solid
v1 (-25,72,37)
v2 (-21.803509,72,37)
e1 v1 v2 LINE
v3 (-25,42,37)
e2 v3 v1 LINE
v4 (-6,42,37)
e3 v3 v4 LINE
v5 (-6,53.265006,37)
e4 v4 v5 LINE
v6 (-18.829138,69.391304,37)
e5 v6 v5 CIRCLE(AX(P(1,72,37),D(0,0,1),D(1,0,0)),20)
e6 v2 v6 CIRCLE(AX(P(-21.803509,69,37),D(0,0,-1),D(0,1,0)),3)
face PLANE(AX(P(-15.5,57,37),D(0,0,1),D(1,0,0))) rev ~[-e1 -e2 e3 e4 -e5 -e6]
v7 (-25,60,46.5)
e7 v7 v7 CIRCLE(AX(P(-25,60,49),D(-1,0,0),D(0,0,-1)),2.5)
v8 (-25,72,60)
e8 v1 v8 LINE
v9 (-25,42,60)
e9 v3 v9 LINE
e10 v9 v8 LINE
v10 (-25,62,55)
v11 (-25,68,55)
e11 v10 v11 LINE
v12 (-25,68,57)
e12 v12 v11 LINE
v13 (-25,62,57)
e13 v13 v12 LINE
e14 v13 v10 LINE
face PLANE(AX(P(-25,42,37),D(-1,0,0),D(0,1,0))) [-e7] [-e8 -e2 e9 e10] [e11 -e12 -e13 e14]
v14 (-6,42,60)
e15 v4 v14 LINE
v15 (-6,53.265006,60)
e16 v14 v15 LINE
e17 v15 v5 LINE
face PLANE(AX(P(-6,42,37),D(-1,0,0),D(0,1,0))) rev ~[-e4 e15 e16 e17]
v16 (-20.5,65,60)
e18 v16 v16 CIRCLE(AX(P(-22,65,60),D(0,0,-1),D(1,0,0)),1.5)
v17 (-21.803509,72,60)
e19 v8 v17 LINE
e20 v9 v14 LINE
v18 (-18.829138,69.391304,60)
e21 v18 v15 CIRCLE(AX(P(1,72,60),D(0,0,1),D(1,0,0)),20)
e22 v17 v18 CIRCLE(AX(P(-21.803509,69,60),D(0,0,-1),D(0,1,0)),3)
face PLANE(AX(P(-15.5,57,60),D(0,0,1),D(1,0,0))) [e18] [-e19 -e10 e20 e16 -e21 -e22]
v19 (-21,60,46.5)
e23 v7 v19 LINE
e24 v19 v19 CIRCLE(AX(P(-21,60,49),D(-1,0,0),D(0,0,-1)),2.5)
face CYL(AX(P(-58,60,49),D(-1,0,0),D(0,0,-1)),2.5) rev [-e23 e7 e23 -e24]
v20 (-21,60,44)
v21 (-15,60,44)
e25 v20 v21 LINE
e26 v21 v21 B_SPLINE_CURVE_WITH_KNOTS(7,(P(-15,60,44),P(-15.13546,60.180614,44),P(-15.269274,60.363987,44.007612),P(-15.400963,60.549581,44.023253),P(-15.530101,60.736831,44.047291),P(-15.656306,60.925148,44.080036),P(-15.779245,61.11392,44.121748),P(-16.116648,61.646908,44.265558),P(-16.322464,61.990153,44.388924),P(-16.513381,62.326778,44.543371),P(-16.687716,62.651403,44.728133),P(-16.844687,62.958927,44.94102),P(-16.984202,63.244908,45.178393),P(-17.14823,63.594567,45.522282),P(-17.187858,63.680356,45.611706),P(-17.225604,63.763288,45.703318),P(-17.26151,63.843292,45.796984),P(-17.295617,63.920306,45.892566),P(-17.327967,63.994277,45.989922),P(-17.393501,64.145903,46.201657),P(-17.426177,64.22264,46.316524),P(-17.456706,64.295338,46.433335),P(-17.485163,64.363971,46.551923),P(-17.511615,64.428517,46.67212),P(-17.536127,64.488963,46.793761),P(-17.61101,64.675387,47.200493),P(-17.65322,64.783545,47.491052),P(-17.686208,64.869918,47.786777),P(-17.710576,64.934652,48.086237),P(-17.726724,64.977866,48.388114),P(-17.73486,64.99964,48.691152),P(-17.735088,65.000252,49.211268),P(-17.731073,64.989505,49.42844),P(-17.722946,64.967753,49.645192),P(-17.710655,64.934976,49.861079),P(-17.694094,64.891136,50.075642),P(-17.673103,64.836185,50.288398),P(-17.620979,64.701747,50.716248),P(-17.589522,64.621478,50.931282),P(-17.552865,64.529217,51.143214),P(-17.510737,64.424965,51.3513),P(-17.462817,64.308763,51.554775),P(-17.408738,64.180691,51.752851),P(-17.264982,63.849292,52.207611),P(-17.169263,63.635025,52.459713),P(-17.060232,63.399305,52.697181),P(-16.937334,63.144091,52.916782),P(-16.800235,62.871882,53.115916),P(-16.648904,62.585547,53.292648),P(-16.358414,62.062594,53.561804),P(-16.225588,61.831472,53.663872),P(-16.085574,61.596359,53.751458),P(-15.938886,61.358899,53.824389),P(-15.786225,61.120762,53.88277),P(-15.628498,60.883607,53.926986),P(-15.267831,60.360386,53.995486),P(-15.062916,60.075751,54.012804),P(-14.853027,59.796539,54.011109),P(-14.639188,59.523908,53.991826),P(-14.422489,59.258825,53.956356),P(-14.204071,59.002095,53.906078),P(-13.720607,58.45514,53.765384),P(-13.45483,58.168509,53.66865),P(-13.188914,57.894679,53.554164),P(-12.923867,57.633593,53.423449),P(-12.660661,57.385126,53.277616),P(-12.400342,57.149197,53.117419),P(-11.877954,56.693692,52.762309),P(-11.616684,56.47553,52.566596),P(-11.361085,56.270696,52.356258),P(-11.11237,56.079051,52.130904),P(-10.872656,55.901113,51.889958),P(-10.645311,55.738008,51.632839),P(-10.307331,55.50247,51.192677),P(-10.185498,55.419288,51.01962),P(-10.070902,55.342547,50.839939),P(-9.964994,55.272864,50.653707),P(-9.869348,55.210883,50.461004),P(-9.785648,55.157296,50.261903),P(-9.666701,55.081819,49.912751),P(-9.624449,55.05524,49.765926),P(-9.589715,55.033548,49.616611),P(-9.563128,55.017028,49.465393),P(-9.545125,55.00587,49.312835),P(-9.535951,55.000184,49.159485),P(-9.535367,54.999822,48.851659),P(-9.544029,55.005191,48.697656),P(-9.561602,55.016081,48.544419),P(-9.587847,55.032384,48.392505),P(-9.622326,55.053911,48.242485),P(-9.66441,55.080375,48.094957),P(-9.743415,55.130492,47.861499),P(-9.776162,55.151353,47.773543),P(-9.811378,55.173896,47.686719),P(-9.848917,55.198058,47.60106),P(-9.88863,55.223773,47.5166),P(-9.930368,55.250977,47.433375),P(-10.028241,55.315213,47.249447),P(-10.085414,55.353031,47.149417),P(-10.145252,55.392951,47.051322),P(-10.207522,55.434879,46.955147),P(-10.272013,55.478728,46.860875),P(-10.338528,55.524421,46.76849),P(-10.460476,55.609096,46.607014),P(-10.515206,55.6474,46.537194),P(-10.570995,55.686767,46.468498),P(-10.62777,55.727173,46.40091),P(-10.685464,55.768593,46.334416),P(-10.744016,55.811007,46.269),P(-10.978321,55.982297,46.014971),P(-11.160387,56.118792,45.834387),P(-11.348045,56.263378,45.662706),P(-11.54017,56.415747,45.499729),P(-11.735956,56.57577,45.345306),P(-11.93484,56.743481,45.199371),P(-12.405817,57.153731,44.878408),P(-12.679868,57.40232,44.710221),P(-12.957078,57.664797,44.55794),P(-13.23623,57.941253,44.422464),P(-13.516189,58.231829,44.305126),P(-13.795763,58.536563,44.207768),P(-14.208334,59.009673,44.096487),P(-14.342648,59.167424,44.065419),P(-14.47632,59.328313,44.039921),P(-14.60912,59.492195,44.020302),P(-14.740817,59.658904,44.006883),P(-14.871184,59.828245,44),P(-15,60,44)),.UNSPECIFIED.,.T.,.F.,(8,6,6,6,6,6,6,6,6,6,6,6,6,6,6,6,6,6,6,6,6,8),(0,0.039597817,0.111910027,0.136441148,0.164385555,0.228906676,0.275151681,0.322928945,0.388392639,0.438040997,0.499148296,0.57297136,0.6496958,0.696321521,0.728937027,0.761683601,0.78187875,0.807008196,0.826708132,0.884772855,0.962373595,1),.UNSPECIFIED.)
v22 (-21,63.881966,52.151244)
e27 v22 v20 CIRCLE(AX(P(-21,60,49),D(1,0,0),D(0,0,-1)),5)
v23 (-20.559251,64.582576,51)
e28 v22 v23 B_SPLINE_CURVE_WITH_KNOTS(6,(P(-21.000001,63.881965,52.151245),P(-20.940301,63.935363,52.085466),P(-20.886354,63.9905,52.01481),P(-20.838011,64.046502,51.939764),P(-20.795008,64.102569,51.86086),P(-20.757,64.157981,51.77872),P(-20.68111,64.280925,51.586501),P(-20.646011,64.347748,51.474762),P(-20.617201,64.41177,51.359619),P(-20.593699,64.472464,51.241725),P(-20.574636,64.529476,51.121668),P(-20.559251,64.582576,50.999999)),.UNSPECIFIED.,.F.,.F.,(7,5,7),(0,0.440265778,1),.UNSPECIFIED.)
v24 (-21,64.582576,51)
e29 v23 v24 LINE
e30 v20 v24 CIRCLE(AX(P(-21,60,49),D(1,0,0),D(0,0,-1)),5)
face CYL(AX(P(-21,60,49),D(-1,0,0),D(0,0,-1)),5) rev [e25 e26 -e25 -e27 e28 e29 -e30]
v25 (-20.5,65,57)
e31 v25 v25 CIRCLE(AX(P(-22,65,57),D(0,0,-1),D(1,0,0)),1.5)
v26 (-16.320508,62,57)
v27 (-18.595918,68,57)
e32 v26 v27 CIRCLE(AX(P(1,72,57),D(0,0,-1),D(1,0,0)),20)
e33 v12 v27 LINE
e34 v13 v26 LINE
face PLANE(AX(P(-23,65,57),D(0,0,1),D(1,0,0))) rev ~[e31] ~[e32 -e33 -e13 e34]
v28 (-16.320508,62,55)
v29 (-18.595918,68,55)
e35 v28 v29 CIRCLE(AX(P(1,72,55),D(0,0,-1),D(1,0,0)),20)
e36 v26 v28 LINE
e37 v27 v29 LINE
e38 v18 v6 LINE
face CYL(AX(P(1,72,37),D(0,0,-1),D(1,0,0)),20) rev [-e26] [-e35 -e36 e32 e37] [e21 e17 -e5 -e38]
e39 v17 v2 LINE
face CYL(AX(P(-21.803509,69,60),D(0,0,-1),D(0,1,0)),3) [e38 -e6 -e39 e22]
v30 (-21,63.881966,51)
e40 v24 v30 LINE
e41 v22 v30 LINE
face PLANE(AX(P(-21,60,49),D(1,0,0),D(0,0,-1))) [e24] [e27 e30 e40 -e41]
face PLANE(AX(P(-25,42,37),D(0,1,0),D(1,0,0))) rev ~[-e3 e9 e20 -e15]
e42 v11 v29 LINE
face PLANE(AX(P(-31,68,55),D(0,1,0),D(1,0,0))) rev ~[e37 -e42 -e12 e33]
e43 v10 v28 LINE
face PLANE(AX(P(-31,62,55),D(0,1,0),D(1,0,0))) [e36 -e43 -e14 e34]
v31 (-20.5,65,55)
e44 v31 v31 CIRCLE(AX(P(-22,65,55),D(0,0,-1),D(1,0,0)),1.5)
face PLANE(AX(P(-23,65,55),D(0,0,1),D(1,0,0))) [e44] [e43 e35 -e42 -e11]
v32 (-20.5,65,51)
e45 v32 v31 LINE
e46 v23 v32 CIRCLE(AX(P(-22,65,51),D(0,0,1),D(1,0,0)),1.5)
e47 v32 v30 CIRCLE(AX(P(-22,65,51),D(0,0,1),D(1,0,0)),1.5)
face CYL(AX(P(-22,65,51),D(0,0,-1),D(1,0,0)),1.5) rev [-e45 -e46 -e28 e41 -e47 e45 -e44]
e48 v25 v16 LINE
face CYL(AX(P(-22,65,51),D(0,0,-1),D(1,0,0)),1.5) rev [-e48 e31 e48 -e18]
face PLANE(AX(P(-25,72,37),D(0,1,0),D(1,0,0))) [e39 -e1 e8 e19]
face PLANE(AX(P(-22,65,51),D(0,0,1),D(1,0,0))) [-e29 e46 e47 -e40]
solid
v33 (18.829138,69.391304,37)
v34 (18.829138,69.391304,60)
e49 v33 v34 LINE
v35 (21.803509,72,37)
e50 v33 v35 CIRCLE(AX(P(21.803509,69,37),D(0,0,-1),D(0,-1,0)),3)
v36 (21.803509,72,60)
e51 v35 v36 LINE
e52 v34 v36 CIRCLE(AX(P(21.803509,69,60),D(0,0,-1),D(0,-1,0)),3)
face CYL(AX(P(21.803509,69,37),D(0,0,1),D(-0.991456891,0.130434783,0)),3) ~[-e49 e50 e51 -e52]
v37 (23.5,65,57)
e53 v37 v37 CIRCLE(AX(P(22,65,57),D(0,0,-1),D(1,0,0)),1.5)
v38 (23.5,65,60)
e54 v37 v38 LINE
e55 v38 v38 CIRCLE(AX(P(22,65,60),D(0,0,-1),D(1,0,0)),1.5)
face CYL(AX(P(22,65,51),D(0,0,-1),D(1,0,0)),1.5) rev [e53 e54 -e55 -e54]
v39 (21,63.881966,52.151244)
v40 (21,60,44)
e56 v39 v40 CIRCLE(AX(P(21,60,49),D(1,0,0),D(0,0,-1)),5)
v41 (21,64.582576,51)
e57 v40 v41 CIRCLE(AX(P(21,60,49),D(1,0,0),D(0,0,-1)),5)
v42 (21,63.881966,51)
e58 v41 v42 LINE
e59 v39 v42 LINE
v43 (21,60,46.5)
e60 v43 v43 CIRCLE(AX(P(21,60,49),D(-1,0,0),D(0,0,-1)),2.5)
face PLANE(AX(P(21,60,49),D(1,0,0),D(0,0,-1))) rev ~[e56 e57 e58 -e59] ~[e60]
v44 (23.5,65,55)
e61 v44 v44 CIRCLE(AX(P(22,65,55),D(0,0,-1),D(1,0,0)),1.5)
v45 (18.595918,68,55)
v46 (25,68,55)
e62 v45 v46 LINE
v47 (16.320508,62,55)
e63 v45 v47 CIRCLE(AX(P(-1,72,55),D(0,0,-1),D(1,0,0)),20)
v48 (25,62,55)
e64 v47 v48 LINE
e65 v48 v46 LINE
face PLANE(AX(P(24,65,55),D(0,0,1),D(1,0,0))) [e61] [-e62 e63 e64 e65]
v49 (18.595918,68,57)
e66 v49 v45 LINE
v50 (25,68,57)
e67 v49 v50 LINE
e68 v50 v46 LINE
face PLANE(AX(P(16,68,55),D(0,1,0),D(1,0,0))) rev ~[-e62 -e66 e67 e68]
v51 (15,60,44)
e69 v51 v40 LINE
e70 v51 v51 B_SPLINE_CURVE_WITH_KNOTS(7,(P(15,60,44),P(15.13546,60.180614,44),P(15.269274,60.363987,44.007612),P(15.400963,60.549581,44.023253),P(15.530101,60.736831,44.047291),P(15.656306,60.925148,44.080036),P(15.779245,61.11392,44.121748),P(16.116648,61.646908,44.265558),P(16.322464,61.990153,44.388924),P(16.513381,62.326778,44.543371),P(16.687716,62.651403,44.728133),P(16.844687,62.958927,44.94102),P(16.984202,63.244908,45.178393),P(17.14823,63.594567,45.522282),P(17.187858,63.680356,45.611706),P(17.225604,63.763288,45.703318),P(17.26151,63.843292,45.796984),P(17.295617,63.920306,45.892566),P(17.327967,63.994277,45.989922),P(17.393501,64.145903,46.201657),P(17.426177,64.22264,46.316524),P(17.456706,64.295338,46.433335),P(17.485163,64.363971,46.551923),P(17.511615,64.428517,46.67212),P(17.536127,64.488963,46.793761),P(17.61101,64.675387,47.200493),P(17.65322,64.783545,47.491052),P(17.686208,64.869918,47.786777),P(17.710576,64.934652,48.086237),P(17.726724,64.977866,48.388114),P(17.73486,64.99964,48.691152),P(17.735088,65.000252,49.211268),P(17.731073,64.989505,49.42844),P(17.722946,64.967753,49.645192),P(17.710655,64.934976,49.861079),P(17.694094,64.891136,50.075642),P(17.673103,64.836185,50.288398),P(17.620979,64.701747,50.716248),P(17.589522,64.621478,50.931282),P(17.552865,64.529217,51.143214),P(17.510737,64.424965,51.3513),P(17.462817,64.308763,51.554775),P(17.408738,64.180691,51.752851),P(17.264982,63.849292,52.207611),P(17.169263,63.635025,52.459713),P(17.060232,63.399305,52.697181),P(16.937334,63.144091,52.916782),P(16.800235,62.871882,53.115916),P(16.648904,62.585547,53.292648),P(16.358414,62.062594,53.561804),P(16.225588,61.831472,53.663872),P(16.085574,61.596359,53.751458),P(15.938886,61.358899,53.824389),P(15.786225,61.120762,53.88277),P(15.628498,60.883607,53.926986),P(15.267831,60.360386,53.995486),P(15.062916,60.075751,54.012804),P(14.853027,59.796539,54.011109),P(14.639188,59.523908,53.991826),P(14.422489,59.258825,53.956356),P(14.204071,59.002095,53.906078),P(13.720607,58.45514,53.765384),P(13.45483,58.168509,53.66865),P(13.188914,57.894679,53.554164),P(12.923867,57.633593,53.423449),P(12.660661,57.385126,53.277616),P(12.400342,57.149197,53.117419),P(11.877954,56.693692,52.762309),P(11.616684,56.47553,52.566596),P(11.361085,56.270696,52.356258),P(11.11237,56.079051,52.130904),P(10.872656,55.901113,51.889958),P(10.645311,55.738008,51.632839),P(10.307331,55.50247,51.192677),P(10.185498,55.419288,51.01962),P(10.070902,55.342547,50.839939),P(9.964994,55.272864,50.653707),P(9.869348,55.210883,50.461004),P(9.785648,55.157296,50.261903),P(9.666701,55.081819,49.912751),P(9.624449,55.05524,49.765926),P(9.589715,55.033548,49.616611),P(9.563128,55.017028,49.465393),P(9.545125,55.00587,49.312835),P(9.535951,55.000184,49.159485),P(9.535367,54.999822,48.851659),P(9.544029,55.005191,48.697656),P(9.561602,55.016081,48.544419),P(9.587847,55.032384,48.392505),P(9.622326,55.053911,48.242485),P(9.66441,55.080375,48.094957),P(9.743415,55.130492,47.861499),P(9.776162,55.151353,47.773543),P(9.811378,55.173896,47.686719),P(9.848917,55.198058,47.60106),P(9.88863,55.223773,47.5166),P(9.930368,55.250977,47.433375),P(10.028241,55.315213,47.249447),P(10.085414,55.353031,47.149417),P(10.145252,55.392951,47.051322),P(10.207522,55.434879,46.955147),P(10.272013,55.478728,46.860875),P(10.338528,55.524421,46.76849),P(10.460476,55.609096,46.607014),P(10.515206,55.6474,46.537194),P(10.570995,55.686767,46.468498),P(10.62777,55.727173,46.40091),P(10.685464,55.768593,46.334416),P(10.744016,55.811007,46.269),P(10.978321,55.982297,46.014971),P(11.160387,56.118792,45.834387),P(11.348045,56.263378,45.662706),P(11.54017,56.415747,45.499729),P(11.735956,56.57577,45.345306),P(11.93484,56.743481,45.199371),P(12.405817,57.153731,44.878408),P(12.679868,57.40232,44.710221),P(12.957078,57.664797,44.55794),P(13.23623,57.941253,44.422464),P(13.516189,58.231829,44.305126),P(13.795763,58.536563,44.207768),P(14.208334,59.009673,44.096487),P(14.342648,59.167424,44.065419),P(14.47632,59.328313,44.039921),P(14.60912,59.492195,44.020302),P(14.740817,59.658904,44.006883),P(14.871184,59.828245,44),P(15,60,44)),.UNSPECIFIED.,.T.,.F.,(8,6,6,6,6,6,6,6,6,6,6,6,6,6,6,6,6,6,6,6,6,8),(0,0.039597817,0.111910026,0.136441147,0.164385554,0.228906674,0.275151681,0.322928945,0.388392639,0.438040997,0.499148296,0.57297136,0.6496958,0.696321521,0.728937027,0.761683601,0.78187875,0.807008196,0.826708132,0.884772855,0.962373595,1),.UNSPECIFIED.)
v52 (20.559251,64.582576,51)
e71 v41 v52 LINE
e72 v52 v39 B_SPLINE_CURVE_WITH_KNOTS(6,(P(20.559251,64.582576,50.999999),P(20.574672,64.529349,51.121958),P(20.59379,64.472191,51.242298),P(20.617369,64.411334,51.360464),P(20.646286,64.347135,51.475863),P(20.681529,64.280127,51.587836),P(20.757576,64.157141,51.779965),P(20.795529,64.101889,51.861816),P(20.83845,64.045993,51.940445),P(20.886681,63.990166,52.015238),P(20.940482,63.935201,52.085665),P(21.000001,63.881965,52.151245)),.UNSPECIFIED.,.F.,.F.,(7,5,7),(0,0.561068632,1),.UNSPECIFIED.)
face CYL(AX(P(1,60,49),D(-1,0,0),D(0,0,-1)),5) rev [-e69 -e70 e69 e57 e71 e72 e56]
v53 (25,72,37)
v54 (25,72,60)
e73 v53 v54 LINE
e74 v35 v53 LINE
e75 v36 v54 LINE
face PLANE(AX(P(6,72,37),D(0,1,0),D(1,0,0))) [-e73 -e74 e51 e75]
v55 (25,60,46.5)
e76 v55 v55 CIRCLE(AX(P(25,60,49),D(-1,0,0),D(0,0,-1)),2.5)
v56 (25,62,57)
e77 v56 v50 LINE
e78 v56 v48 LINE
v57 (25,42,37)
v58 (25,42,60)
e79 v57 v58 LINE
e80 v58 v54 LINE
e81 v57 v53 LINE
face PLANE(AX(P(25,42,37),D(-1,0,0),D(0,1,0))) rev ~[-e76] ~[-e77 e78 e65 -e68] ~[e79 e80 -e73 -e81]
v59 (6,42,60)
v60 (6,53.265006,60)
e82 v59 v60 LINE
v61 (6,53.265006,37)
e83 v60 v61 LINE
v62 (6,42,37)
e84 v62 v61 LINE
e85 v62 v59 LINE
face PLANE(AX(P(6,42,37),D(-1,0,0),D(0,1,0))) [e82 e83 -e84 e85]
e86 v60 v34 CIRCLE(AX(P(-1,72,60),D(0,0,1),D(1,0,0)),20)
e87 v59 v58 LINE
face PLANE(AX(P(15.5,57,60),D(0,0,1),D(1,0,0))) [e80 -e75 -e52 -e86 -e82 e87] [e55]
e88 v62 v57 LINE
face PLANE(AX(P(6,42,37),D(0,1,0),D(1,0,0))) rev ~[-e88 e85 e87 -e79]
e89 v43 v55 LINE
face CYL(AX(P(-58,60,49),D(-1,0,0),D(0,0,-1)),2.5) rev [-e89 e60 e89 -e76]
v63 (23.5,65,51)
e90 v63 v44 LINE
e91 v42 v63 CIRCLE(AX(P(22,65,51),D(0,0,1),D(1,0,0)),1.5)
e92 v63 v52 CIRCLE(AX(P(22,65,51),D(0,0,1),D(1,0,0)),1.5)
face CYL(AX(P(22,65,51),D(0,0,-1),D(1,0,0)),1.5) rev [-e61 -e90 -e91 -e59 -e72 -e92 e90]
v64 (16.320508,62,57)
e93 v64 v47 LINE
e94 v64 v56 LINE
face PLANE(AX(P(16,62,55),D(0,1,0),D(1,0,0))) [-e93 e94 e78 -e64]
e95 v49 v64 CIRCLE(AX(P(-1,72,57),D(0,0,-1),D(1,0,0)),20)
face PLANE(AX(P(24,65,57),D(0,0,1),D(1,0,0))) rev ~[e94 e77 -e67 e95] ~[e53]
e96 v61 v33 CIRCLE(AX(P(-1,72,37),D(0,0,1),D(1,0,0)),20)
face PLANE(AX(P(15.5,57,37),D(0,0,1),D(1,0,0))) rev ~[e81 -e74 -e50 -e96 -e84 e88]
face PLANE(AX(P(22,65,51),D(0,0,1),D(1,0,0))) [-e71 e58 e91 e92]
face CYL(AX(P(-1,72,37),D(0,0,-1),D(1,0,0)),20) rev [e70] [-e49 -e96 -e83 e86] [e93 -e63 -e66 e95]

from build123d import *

# Parameters (mm, degrees)
CYLINDER931_R     = 1.5
CYLINDER931_DEPTH = 30
CYLINDER930_R     = 1.5
CYLINDER930_DEPTH = 30
BOX437_W          = 16
BOX437_H          = 6
BOX437_DEPTH      = 2
BOX440_W          = 16
BOX440_H          = 6
BOX440_DEPTH      = 2
CYLINDER923_R     = 5
CYLINDER923_DEPTH = 20
CYLINDER926_R     = 5
CYLINDER926_DEPTH = 20
CYLINDER927_R     = 2.5
CYLINDER927_DEPTH = 2
CYLINDER929_R     = 2.5
CYLINDER929_DEPTH = 2
CYLINDER924_R     = 2.5
CYLINDER924_DEPTH = 150
CYLINDER925_R     = 20
CYLINDER925_DEPTH = 23
BOX438_W          = 19
BOX438_H          = 30
BOX438_DEPTH      = 23
CYLINDER928_R     = 20
CYLINDER928_DEPTH = 23
BOX439_W          = 19
BOX439_H          = 30
BOX439_DEPTH      = 23
FILLET045_R       = 3


with BuildPart() as v_lec931:
    # Cylinder931 → Cylinder931 (new body)
    with BuildSketch(Plane(origin=(22, 65, 51), x_dir=(1, 0, 0), z_dir=(0, 0, 1))):
        Circle(CYLINDER931_R)
    extrude(amount=CYLINDER931_DEPTH)


with BuildPart() as compound802:
    # Cylinder930 → Cylinder930 (new body)
    with BuildSketch(Plane(origin=(-22, 65, 51), x_dir=(1, 0, 0), z_dir=(0, 0, 1))):
        Circle(CYLINDER930_R)
    extrude(amount=CYLINDER930_DEPTH)

    # Compound802: union Válec931
    add(v_lec931.part)


with BuildPart() as krychle437:
    # Box437 → Box437 (new body)
    with BuildSketch(Plane(origin=(16, 62, 55), x_dir=(1, 0, 0), z_dir=(0, 0, 1))):
        with Locations((8, 3)):
            Rectangle(BOX437_W, BOX437_H)
    extrude(amount=BOX437_DEPTH)


with BuildPart() as compound798:
    # Box440 → Box440 (new body)
    with BuildSketch(Plane(origin=(-31, 62, 55), x_dir=(1, 0, 0), z_dir=(0, 0, 1))):
        with Locations((8, 3)):
            Rectangle(BOX440_W, BOX440_H)
    extrude(amount=BOX440_DEPTH)

    # Compound798: union Krychle437
    add(krychle437.part)


with BuildPart() as v_lec923:
    # Cylinder923 → Cylinder923 (new body)
    with BuildSketch(Plane(origin=(1, 56, 49), x_dir=(0, 0, -1), z_dir=(1, 0, 0))):
        Circle(CYLINDER923_R)
    extrude(amount=CYLINDER923_DEPTH)


with BuildPart() as compound800:
    # Cylinder926 → Cylinder926 (new body)
    with BuildSketch(Plane(origin=(-21, 56, 49), x_dir=(0, 0, -1), z_dir=(1, 0, 0))):
        Circle(CYLINDER926_R)
    extrude(amount=CYLINDER926_DEPTH)

    # Compound800: union Válec923
    add(v_lec923.part)


with BuildPart() as compound800_1:
    # Compound800 placement: moved
    add(compound800.part.moved(Location((0, 4, 0))))


with BuildPart() as v_lec927:
    # Cylinder927 → Cylinder927 (new body)
    with BuildSketch(Plane(origin=(-80, 38, 18), x_dir=(0, 0, -1), z_dir=(1, 0, 0))):
        Circle(CYLINDER927_R)
    extrude(amount=CYLINDER927_DEPTH)


with BuildPart() as v_lec929:
    # Cylinder929 → Cylinder929 (new body)
    with BuildSketch(Plane(origin=(80, 38, 18), x_dir=(0, 0, -1), z_dir=(1, 0, 0))):
        Circle(CYLINDER929_R)
    extrude(amount=CYLINDER929_DEPTH)


with BuildPart() as compound799:
    # Cylinder924 → Cylinder924 (new body)
    with BuildSketch(Plane(origin=(-57, 56, 18), x_dir=(0, 0, -1), z_dir=(1, 0, 0))):
        Circle(CYLINDER924_R)
    extrude(amount=CYLINDER924_DEPTH)

    # Compound799: union Válec927, Válec929
    add(v_lec927.part)
    add(v_lec929.part)


with BuildPart() as compound799_1:
    # Compound799 placement: moved
    add(compound799.part.moved(Location((-1, 4, 31))))


with BuildPart() as v_lec925:
    # Cylinder925 → Cylinder925 (new body)
    with BuildSketch(Plane(origin=(1, 72, 37), x_dir=(1, 0, 0), z_dir=(0, 0, 1))):
        Circle(CYLINDER925_R)
    extrude(amount=CYLINDER925_DEPTH)


with BuildPart() as cut390:
    # Box438 → Box438 (new body)
    with BuildSketch(Plane(origin=(-25, 42, 37), x_dir=(1, 0, 0), z_dir=(0, 0, 1))):
        with Locations((9.5, 15)):
            Rectangle(BOX438_W, BOX438_H)
    extrude(amount=BOX438_DEPTH)

    # Cut390: cut Válec925
    add(v_lec925.part, mode=Mode.SUBTRACT)


with BuildPart() as v_lec928:
    # Cylinder928 → Cylinder928 (new body)
    with BuildSketch(Plane(origin=(-1, 72, 37), x_dir=(1, 0, 0), z_dir=(0, 0, 1))):
        Circle(CYLINDER928_R)
    extrude(amount=CYLINDER928_DEPTH)


with BuildPart() as fillet045:
    # Box439 → Box439 (new body)
    with BuildSketch(Plane(origin=(6, 42, 37), x_dir=(1, 0, 0), z_dir=(0, 0, 1))):
        with Locations((9.5, 15)):
            Rectangle(BOX439_W, BOX439_H)
    extrude(amount=BOX439_DEPTH)

    # Cut391: cut Válec928
    add(v_lec928.part, mode=Mode.SUBTRACT)

    # Compound801: union Cut390
    add(cut390.part)

    # Cut389: cut Compound799
    add(compound799_1.part, mode=Mode.SUBTRACT)

    # Cut392: cut Compound800
    add(compound800_1.part, mode=Mode.SUBTRACT)

    # Cut388: cut Compound798
    add(compound798.part, mode=Mode.SUBTRACT)

    # Cut394: cut Compound802
    add(compound802.part, mode=Mode.SUBTRACT)

    # Fillet045
    fillet045_edges = [fillet045.edges().sort_by_distance(p)[0] for p in [
        (19, 72, 48.5),
        (-19, 72, 48.5),
    ]]
    fillet(fillet045_edges, radius=FILLET045_R)


solid = fillet045.part
